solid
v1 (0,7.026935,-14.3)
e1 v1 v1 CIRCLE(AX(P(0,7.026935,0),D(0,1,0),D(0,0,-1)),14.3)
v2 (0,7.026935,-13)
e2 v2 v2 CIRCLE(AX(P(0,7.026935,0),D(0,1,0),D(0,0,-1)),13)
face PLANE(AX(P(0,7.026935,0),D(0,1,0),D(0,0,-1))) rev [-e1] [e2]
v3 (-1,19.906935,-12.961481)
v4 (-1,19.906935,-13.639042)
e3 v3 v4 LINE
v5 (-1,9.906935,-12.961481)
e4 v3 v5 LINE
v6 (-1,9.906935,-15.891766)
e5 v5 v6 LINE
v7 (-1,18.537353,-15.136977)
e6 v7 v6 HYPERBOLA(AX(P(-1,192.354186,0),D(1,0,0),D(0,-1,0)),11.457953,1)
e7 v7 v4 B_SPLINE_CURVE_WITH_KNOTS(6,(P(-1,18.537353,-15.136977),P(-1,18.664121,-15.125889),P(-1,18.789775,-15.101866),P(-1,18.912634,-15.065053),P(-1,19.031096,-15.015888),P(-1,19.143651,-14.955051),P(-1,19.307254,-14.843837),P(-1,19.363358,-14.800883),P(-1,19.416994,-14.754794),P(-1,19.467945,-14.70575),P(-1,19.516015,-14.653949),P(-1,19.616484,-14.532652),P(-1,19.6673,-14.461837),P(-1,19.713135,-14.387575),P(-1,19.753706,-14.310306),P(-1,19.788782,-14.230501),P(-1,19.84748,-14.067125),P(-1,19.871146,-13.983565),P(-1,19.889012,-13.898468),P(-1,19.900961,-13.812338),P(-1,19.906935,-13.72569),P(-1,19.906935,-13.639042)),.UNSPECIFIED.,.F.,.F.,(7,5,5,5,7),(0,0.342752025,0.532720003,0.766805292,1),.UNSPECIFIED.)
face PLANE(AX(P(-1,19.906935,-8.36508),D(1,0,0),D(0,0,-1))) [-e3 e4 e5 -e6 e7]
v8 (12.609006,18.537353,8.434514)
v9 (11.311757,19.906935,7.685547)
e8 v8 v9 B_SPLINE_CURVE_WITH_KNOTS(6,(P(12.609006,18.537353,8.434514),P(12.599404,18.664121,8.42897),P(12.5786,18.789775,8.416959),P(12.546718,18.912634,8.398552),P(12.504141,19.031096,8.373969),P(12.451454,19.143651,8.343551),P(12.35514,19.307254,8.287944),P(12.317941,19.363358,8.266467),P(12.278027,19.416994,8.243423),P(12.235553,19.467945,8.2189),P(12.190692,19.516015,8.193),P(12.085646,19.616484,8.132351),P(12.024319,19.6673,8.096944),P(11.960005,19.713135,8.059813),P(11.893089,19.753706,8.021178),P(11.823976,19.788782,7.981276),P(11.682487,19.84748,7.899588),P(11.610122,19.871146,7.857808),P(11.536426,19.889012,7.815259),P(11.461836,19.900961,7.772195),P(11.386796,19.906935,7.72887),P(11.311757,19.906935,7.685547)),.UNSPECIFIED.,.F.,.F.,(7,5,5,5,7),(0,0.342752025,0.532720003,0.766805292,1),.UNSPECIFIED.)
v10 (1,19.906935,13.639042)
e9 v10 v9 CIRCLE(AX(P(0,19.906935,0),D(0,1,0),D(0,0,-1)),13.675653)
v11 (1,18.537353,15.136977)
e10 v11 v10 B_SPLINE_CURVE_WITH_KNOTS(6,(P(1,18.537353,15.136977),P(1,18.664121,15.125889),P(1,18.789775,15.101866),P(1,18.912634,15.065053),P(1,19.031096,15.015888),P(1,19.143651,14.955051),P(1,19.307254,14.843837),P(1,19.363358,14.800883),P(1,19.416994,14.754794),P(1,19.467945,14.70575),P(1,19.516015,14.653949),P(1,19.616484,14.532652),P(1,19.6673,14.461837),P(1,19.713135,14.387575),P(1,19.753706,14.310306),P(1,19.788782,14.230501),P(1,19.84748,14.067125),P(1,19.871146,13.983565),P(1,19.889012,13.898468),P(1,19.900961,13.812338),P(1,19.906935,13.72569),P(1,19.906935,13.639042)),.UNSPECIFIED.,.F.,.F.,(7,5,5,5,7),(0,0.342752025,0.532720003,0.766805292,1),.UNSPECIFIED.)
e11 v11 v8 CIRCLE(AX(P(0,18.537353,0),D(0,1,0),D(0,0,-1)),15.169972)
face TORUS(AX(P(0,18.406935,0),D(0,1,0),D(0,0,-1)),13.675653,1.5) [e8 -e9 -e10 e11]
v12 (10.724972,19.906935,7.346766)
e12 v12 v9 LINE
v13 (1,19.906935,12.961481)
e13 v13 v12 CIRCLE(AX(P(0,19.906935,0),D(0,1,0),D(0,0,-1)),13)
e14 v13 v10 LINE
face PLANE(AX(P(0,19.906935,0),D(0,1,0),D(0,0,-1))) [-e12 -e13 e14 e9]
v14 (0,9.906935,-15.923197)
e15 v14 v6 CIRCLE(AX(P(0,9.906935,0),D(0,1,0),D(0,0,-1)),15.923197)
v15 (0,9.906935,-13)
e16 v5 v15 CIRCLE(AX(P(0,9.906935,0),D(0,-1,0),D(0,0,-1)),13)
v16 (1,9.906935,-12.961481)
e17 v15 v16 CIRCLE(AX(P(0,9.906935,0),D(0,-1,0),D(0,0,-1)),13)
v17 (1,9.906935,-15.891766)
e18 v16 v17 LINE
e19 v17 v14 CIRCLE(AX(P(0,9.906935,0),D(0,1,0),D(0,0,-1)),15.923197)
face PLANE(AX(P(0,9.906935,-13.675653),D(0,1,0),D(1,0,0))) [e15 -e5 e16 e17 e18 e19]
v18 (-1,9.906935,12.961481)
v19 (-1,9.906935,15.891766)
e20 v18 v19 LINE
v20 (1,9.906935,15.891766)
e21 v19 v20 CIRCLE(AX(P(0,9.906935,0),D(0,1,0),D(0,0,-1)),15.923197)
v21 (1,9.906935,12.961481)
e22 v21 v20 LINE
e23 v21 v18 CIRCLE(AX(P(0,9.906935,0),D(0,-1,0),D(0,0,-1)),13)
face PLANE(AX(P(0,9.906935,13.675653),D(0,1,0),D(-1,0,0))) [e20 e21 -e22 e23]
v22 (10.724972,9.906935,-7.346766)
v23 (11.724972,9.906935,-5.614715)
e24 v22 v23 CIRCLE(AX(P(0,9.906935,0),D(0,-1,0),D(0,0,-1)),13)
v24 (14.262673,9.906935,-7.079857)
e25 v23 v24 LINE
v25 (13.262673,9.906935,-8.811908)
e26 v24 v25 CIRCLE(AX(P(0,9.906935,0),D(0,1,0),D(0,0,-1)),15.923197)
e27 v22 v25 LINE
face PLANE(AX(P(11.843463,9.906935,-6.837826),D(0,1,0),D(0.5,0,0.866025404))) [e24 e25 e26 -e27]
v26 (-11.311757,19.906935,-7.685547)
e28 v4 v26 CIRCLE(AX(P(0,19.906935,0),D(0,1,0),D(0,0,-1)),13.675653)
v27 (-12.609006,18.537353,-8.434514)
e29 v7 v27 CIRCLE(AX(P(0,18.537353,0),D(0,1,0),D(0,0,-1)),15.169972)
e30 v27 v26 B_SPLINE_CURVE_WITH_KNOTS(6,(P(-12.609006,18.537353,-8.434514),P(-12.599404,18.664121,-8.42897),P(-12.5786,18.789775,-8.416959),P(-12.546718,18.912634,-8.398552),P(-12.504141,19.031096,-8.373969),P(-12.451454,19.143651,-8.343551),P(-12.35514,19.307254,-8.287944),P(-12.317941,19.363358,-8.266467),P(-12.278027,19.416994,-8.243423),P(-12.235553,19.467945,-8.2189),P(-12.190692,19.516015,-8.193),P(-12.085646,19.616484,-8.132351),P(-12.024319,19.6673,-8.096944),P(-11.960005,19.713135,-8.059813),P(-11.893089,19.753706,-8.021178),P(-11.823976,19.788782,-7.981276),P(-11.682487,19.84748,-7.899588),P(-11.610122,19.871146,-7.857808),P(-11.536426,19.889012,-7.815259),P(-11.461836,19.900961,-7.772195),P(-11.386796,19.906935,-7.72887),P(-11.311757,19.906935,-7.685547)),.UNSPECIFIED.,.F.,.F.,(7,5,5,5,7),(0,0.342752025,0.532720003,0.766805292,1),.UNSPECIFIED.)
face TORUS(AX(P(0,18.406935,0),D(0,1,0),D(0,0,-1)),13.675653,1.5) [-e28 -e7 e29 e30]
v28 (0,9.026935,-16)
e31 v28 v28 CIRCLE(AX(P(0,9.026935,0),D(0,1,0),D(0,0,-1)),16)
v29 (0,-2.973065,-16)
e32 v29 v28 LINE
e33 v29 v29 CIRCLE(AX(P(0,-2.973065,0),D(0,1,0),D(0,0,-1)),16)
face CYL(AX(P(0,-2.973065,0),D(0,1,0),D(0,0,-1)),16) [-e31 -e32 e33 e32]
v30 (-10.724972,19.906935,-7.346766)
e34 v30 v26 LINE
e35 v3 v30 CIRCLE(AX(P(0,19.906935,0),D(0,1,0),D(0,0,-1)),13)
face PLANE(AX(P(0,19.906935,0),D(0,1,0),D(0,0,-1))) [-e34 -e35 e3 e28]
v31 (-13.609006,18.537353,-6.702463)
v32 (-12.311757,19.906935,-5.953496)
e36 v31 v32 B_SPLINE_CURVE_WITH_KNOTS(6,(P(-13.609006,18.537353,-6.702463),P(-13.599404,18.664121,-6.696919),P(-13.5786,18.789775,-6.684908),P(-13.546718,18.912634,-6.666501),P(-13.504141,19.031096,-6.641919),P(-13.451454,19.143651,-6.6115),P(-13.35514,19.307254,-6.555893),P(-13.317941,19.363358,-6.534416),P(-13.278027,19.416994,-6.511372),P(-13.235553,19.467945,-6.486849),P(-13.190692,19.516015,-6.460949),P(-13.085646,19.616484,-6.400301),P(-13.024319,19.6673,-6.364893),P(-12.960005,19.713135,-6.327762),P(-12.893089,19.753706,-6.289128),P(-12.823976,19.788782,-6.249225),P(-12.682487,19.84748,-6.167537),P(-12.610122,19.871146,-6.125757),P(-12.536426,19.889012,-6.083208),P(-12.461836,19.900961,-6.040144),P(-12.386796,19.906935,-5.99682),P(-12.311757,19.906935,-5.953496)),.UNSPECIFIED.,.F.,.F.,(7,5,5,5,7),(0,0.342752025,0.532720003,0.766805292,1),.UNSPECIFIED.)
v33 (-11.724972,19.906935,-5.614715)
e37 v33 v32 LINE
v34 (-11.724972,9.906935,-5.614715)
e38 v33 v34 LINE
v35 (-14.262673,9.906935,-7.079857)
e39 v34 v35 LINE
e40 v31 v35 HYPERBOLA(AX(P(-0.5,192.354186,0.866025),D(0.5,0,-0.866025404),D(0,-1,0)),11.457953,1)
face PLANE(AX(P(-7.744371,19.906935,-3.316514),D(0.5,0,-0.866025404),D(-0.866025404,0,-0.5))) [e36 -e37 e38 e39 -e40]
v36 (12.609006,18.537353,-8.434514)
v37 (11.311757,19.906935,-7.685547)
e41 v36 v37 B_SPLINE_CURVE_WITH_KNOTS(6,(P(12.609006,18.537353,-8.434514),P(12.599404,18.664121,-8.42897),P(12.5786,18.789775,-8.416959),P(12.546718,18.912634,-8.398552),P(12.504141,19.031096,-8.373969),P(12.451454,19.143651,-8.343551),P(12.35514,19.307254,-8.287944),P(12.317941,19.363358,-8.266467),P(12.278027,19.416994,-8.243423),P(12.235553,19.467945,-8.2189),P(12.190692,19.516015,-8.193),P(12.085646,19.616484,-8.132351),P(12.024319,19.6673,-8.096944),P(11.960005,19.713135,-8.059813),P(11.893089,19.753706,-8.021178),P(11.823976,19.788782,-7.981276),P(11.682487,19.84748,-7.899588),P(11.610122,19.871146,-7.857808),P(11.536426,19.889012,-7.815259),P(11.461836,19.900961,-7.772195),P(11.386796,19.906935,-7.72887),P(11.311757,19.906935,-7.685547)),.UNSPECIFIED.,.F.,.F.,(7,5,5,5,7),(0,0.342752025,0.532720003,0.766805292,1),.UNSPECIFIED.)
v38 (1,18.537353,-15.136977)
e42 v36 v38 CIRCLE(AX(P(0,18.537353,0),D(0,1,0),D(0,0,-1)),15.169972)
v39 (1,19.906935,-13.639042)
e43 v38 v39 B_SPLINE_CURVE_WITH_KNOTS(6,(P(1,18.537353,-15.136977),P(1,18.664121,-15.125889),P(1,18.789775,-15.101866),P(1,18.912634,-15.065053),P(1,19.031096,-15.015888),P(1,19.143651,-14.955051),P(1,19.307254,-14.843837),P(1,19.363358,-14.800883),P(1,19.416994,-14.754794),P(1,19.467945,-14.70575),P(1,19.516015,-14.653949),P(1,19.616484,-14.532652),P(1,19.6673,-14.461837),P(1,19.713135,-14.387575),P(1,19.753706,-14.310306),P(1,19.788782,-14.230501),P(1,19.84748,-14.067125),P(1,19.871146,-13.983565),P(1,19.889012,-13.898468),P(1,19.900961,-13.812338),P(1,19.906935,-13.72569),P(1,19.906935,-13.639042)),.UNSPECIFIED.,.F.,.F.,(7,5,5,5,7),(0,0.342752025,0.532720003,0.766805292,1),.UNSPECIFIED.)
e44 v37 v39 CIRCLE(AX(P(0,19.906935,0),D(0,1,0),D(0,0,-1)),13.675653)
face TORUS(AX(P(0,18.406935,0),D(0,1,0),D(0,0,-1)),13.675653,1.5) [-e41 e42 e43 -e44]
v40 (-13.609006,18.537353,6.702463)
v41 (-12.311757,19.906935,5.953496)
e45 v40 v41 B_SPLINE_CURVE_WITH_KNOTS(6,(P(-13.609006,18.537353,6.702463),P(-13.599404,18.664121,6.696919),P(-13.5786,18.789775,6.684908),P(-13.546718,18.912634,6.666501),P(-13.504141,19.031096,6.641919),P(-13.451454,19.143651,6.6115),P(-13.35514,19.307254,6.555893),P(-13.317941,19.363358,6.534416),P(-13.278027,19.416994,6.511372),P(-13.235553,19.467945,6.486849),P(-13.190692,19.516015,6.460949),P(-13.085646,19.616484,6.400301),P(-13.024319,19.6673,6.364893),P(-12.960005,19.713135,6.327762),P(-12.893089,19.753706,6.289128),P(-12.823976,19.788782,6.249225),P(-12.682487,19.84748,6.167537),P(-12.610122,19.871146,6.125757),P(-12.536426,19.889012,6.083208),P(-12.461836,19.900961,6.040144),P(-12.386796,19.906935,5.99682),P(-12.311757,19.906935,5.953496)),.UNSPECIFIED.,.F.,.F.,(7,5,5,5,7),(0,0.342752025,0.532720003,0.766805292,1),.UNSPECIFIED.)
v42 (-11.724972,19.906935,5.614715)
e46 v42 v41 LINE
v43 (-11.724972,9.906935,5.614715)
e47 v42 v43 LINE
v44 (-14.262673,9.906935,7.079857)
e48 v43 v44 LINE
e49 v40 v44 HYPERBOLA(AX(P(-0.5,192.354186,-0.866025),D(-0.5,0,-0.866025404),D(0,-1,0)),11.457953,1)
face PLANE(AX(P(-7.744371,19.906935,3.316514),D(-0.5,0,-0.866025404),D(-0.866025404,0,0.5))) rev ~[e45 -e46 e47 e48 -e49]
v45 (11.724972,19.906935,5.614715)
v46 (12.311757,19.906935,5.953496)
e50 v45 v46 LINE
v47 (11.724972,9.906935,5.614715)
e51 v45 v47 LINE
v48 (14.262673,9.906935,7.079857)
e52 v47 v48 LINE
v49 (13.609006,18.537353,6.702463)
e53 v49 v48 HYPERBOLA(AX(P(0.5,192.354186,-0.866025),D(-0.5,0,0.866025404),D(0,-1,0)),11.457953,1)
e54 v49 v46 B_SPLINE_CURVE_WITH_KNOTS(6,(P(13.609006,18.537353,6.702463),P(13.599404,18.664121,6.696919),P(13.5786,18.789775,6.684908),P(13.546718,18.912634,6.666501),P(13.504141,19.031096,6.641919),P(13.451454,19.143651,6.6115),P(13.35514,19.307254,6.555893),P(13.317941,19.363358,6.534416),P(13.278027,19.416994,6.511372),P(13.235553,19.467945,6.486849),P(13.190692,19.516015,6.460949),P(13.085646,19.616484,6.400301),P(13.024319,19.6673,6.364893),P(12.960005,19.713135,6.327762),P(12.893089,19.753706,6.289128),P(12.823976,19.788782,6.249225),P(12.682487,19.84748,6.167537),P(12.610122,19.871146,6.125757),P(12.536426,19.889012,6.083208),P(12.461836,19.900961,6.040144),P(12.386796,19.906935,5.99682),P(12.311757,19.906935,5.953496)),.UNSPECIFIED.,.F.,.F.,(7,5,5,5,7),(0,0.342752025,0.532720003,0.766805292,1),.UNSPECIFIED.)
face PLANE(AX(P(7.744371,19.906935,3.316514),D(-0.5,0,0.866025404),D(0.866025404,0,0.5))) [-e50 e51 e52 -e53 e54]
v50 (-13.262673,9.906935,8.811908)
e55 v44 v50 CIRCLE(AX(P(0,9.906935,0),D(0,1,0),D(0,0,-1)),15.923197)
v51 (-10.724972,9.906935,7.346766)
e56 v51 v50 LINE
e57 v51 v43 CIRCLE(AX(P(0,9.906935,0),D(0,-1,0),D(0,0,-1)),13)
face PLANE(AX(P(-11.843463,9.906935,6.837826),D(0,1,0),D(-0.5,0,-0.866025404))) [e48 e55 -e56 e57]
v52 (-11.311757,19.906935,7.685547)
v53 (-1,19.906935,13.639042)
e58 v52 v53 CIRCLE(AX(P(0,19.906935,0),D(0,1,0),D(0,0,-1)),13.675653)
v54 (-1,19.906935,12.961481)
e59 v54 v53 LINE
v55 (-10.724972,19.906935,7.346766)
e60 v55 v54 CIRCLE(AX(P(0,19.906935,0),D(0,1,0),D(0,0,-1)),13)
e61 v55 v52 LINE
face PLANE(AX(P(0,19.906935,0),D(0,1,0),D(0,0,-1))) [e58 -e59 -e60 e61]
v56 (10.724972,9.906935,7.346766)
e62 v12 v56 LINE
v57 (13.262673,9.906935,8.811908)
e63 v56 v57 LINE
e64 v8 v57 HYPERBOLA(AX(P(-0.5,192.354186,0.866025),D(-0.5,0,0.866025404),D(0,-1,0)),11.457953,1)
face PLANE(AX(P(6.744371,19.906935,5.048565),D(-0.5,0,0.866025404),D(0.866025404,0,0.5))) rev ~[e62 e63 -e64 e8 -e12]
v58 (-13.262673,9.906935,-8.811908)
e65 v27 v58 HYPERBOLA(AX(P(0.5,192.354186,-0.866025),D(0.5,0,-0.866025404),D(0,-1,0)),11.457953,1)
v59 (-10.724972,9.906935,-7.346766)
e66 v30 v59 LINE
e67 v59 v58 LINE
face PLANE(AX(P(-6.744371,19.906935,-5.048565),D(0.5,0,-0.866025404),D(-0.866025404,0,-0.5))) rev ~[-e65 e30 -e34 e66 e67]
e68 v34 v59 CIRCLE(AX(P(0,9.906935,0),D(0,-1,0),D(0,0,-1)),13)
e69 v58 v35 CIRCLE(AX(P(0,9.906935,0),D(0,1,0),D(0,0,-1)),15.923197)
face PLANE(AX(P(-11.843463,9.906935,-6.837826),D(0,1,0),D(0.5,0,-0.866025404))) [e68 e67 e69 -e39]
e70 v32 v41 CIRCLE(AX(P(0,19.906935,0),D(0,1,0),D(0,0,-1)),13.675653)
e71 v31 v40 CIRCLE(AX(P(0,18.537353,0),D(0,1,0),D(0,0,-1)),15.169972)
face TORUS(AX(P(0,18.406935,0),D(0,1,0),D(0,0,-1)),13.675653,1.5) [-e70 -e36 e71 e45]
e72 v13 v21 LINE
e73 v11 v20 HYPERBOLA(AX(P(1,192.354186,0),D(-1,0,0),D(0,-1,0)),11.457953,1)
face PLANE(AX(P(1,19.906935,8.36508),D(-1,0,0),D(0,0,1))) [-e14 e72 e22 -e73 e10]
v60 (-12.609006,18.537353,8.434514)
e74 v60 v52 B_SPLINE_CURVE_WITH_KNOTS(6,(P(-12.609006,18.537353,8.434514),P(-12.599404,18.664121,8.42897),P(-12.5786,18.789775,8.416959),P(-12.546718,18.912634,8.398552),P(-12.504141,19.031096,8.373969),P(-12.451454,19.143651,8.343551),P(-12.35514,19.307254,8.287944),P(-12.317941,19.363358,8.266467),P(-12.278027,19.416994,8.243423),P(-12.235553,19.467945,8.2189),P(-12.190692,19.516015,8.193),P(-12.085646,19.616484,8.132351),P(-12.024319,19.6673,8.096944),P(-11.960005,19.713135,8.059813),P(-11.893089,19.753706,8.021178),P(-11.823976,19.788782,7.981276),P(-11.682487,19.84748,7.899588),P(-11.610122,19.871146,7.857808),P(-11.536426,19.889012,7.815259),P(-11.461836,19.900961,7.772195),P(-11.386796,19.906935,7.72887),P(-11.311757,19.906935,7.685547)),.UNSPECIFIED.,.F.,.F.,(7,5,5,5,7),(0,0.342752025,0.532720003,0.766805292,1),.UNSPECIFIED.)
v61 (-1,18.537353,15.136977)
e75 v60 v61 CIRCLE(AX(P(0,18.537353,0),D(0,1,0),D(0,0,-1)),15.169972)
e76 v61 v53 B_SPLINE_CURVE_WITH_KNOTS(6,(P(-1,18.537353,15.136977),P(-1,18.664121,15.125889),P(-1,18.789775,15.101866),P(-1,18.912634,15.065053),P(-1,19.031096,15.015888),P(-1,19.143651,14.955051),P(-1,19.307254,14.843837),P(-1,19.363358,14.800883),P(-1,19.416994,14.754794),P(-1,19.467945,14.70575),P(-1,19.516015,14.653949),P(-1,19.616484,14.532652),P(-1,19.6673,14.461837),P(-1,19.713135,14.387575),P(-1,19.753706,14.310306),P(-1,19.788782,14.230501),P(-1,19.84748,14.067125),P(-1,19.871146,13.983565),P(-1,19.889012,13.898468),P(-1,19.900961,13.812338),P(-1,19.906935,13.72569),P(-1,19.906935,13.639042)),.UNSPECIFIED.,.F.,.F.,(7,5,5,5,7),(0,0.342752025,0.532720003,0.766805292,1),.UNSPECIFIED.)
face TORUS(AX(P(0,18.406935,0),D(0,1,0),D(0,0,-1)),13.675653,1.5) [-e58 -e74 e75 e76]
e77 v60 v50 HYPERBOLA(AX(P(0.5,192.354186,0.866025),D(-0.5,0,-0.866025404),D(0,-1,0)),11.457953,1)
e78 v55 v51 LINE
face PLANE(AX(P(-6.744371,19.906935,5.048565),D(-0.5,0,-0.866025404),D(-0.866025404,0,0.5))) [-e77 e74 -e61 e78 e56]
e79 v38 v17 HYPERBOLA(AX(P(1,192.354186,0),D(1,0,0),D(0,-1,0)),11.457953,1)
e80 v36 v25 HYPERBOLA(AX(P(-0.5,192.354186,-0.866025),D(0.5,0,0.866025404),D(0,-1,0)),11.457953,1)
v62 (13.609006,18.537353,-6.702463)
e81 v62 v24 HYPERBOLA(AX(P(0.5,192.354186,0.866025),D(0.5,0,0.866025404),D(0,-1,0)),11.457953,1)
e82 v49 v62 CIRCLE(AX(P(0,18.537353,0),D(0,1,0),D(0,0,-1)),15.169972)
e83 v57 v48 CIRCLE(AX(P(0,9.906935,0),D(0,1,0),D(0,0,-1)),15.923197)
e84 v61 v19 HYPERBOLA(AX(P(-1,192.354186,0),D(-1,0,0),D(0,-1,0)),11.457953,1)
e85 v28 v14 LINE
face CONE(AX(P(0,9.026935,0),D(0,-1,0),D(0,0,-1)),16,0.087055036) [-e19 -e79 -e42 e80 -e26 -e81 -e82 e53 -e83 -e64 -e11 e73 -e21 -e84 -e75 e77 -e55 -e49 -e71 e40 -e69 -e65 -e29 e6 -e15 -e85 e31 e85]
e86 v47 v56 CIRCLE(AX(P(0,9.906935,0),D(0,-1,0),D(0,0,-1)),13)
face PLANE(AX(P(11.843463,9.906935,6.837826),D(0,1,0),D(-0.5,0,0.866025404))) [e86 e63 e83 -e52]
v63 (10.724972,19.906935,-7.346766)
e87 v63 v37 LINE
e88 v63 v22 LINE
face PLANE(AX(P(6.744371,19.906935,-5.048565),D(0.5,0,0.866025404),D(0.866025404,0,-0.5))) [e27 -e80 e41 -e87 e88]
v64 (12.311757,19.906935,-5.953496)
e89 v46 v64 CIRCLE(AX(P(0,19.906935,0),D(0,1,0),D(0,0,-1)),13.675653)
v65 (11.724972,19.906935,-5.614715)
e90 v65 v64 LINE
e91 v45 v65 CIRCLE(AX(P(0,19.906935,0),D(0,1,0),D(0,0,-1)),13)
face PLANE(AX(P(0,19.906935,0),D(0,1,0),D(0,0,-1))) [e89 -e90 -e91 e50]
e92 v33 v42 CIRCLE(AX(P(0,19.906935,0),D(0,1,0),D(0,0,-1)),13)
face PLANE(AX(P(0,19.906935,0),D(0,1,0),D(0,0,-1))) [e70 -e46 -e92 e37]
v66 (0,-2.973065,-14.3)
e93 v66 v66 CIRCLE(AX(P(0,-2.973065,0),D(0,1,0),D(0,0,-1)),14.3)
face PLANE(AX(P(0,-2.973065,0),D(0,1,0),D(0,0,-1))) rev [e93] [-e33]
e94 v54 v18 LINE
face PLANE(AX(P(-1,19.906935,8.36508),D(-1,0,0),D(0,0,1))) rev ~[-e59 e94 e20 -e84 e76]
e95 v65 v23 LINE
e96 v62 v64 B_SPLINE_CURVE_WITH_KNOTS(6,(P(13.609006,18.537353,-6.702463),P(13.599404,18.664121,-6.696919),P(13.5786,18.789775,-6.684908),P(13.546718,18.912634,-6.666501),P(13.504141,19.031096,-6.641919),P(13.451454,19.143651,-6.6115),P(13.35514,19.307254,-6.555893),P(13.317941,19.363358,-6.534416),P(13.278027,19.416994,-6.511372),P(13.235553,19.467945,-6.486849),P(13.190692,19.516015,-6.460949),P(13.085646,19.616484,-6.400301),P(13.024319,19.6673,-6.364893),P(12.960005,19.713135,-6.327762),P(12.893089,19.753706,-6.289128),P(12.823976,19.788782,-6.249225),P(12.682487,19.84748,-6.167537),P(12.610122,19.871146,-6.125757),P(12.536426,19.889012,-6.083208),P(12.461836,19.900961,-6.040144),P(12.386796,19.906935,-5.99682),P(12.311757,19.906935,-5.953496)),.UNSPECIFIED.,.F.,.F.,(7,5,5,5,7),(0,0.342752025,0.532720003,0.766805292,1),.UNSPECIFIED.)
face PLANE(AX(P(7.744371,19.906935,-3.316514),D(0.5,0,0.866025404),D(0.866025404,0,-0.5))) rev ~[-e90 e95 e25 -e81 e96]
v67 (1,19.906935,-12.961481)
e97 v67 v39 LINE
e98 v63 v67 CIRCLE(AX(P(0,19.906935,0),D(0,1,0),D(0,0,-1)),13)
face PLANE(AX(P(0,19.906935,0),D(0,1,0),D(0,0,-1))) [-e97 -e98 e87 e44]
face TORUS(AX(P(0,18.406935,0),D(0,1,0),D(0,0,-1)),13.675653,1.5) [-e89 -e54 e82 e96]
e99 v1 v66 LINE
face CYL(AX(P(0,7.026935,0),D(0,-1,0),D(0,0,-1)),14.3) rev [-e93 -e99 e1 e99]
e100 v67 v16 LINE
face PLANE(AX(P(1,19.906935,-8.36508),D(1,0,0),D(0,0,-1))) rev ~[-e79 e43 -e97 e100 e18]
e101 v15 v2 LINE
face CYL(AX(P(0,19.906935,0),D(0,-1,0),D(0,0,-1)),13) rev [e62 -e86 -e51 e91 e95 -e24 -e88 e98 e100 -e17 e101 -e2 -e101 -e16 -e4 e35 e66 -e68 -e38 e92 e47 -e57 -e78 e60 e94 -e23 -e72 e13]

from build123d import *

# Parameters (mm, degrees)
SKETCH3_W          = 2
SKETCH3_H          = 10.621146273
CUT_EXTRUDE1_DEPTH = 10
CIRPATTERN1_COUNT  = 6


with BuildPart() as part:
    # Sketch1 → Revolve1 (revolve)
    with BuildSketch(Plane.XY, mode=Mode.PRIVATE) as revolve1_sk:
        with BuildLine():
            Line((14.3, -2.973065008), (16, -2.973065008))
            Line((16, -2.973065008), (16, 9.026934992))
            Line((16, 9.026934992), (15.169972376, 18.53735267))
            ThreePointArc((15.169972376, 18.53735267), (14.689154937, 19.512743863), (13.675652722, 19.906934992))
            Line((13.675652722, 19.906934992), (13, 19.906934992))
            Line((13, 19.906934992), (13, 7.026934992))
            Line((13, 7.026934992), (14.3, 7.026934992))
            Line((14.3, 7.026934992), (14.3, -2.973065008))
        make_face()
    revolve(revolve1_sk.sketch.rotate(Axis((0, 0, 0), (0, 1, 0)), 90), axis=Axis((0, 0, 0), (0, 1, 0)))

    # Sketch3 → Cut-Extrude1 (cut)
    with BuildSketch(Plane(origin=(0, 19.906934992, 0), x_dir=(1, 0, 0), z_dir=(0, 1, 0))):
        with Locations((0, 13.675652722)):
            Rectangle(SKETCH3_W, SKETCH3_H)
    cut_extrude1 = extrude(amount=-CUT_EXTRUDE1_DEPTH, mode=Mode.SUBTRACT)

    # CirPattern1: Cut-Extrude1 ×6 about axis
    cirpattern1_axis = Axis((0, 0, 0), (0, 1, 0))
    for i in range(1, CIRPATTERN1_COUNT):
        add(cut_extrude1.rotate(cirpattern1_axis, i * 360 / CIRPATTERN1_COUNT), mode=Mode.SUBTRACT)


solid = part.part
